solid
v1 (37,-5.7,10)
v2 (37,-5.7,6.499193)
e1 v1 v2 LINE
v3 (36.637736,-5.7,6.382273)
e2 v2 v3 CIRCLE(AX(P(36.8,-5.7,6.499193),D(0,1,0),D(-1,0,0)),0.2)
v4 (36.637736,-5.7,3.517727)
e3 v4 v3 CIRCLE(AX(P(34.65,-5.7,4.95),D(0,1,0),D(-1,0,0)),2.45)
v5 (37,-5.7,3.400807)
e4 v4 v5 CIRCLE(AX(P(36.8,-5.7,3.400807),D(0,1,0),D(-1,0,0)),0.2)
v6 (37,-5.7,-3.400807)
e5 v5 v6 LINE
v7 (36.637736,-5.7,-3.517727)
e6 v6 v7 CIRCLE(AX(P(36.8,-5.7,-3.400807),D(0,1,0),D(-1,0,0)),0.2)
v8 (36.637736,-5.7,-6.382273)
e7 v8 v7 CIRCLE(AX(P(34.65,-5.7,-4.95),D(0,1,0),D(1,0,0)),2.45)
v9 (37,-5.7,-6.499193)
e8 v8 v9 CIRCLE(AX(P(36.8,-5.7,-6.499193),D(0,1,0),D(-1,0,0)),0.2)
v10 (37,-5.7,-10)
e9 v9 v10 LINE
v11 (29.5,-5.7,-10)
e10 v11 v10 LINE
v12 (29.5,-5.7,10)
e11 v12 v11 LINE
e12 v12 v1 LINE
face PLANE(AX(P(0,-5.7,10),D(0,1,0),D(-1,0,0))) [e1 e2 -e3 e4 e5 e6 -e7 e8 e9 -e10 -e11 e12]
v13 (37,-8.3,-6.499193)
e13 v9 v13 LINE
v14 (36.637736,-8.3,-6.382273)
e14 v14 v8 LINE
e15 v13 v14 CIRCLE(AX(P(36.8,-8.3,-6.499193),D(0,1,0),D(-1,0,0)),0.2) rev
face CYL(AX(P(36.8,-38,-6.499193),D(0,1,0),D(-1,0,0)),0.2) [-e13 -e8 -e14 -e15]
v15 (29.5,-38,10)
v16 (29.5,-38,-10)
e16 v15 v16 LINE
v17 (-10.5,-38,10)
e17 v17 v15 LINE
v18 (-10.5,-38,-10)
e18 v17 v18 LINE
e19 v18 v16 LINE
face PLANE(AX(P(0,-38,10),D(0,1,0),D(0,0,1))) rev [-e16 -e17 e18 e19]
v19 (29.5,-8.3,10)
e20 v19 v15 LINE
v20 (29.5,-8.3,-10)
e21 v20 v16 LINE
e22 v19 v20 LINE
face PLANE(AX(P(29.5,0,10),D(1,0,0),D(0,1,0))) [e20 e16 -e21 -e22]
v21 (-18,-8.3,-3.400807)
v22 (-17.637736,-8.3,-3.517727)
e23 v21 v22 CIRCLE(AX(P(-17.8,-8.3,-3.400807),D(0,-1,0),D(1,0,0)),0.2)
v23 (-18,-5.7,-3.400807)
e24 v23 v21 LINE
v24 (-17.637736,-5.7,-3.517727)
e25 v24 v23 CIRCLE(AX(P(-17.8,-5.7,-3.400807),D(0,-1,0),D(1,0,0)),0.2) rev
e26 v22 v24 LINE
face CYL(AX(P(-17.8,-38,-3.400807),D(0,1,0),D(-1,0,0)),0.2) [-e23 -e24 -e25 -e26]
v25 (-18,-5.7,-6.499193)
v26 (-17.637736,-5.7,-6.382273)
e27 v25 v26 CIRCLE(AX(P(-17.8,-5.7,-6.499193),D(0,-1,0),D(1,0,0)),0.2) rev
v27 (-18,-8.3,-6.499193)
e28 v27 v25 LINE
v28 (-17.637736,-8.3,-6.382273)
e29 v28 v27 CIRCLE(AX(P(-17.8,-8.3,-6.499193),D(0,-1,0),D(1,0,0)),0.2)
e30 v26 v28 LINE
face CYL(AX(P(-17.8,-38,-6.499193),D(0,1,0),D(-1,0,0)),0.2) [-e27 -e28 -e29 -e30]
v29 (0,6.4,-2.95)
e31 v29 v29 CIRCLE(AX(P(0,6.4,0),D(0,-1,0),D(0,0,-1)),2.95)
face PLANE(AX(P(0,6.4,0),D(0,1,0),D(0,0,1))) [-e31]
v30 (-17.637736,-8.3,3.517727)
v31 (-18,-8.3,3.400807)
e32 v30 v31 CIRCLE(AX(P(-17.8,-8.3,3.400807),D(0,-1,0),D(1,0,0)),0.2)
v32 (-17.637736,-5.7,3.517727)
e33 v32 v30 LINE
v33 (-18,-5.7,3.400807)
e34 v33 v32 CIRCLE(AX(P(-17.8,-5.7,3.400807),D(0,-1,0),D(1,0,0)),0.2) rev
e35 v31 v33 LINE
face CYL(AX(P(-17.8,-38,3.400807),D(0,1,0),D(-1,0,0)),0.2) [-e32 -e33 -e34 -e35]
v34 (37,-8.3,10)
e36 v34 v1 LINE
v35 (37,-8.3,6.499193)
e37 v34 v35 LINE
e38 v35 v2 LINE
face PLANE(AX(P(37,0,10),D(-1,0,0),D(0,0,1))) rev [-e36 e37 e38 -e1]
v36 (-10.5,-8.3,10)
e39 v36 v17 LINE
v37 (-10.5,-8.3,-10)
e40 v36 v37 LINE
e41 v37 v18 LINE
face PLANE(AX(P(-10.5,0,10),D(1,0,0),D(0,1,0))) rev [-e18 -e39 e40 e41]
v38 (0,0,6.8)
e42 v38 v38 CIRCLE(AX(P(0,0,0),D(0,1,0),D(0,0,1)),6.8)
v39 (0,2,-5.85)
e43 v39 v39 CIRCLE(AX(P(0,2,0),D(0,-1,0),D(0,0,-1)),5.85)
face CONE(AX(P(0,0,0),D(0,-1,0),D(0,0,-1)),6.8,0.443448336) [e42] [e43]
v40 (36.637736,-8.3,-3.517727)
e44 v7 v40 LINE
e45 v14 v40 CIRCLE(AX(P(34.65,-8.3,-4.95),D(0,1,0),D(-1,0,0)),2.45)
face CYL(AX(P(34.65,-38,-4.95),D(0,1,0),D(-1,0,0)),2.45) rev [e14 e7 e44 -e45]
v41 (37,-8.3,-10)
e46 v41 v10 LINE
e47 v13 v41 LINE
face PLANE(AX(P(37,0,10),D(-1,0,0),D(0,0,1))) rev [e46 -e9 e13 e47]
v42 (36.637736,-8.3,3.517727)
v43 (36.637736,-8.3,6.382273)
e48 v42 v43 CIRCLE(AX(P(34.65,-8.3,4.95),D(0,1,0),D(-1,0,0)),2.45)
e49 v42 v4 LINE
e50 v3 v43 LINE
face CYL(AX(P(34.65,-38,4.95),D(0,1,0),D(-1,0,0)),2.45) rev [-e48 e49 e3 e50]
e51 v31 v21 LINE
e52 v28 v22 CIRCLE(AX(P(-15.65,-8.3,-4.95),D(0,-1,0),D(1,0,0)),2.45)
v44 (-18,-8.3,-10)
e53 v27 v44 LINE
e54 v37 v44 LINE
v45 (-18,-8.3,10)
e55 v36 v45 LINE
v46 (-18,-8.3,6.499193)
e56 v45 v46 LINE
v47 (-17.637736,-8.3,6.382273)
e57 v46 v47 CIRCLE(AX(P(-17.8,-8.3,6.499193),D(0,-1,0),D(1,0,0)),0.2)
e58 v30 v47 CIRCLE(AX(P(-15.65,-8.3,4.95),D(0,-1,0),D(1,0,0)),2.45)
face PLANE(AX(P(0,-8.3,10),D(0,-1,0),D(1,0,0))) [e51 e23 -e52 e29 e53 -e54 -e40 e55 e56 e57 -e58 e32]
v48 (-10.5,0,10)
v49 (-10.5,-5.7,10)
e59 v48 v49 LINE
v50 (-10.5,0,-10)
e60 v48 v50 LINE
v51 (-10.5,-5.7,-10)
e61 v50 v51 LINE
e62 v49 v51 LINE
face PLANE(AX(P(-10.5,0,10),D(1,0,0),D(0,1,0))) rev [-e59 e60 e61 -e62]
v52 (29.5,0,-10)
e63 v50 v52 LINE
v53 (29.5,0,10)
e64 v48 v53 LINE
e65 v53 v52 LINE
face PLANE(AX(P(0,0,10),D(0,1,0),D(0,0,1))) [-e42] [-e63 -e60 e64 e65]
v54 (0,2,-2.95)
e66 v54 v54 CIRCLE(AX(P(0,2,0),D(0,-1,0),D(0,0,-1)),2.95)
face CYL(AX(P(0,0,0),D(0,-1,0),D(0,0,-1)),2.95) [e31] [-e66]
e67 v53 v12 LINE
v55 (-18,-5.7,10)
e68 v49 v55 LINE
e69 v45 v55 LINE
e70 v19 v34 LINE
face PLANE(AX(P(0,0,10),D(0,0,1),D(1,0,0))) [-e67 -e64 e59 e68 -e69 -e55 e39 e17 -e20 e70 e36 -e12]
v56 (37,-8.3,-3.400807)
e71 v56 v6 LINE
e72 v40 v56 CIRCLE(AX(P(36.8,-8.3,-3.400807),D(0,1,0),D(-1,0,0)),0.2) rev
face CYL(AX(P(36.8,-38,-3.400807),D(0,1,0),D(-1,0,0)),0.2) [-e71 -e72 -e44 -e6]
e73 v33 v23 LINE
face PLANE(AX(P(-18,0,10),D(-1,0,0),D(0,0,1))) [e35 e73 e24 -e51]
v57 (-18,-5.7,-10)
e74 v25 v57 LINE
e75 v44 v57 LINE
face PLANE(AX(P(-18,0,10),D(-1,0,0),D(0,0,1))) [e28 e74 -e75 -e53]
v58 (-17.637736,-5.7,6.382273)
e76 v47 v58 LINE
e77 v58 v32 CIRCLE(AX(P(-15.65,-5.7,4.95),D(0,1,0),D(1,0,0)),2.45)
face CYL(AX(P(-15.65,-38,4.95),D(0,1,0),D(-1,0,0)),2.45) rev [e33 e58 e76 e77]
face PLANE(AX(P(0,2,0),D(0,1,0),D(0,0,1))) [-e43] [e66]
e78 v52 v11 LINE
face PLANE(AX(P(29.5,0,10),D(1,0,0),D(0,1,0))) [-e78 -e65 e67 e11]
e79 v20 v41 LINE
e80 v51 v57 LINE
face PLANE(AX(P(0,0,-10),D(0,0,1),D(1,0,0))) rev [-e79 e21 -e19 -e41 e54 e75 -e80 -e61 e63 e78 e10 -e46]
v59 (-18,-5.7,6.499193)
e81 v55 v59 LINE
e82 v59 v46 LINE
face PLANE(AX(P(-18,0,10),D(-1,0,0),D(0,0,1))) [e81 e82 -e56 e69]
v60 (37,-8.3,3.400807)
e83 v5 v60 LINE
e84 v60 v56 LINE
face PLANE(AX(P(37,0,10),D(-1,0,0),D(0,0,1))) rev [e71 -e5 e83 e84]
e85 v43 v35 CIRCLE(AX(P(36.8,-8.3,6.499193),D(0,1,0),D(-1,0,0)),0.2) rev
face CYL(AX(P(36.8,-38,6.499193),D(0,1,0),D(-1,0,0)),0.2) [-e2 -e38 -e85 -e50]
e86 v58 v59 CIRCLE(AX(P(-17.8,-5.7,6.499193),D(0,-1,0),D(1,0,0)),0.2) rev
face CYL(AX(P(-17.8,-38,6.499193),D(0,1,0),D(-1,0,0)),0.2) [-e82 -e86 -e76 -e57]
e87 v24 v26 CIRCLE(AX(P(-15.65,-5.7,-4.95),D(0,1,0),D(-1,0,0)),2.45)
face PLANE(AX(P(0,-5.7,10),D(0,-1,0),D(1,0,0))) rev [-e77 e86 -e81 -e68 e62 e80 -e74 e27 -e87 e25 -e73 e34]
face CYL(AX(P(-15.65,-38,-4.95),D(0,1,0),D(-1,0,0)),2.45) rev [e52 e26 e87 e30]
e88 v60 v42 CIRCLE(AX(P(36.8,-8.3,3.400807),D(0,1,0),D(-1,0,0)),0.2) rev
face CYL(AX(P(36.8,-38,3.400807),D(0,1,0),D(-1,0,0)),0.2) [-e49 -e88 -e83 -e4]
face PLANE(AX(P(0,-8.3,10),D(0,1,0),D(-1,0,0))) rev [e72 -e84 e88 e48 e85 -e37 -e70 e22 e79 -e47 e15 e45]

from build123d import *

# Parameters (mm, degrees)
RESSALTO_EXTRUS_O1_DEPTH = 10
ESBO_O3_R                = 2.45
CORTE_EXTRUS_O1_DEPTH    = 51.122749326
FILETE1_R                = 0.2


with BuildPart() as part:
    # Esboço1 → Ressalto-extrusão1 (new, symmetric)
    with BuildSketch(Plane.XY):
        Polygon((-10.5, 0), (-10.5, -5.7), (-18, -5.7), (-18, -8.3), (-10.5, -8.3), (-10.5, -38), (29.5, -38), (29.5, -8.3), (37, -8.3), (37, -5.7), (29.5, -5.7), (29.5, 0), align=None)
    extrude(amount=RESSALTO_EXTRUS_O1_DEPTH, both=True)

    # Esboço1<3> → Revolução1 (revolve)
    with BuildSketch(Plane.XY):
        Polygon((0, 0), (6.8, 0), (5.85, 2), (2.95, 2), (2.95, 6.4), (0, 6.4), align=None)
    revolve(axis=Axis((0, 0, 0), (0, 1, 0)))

    # Esboço3 → Corte-extrusão1 (cut, through all)
    with BuildSketch(Plane(origin=(0, -5.7, 0), x_dir=(1, 0, 0), z_dir=(0, 1, 0))):
        with Locations((-15.65, 4.95)):
            Circle(ESBO_O3_R)
        with Locations((-15.65, -4.95)):
            Circle(ESBO_O3_R)
        with Locations((34.65, -4.95)):
            Circle(ESBO_O3_R)
        with Locations((34.65, 4.95)):
            Circle(ESBO_O3_R)
    extrude(amount=-CORTE_EXTRUS_O1_DEPTH, mode=Mode.SUBTRACT)

    # Filete1
    filete1_edges = [part.edges().sort_by_distance(p)[0] for p in [
        (37, -7, 5.642820323),
        (37, -7, -4.257179677),
        (37, -7, 4.257179677),
        (37, -7, -5.642820323),
        (-18, -7, 4.257179677),
        (-18, -7, 5.642820323),
        (-18, -7, -4.257179677),
        (-18, -7, -5.642820323),
    ]]
    fillet(filete1_edges, radius=FILETE1_R)


solid = part.part
